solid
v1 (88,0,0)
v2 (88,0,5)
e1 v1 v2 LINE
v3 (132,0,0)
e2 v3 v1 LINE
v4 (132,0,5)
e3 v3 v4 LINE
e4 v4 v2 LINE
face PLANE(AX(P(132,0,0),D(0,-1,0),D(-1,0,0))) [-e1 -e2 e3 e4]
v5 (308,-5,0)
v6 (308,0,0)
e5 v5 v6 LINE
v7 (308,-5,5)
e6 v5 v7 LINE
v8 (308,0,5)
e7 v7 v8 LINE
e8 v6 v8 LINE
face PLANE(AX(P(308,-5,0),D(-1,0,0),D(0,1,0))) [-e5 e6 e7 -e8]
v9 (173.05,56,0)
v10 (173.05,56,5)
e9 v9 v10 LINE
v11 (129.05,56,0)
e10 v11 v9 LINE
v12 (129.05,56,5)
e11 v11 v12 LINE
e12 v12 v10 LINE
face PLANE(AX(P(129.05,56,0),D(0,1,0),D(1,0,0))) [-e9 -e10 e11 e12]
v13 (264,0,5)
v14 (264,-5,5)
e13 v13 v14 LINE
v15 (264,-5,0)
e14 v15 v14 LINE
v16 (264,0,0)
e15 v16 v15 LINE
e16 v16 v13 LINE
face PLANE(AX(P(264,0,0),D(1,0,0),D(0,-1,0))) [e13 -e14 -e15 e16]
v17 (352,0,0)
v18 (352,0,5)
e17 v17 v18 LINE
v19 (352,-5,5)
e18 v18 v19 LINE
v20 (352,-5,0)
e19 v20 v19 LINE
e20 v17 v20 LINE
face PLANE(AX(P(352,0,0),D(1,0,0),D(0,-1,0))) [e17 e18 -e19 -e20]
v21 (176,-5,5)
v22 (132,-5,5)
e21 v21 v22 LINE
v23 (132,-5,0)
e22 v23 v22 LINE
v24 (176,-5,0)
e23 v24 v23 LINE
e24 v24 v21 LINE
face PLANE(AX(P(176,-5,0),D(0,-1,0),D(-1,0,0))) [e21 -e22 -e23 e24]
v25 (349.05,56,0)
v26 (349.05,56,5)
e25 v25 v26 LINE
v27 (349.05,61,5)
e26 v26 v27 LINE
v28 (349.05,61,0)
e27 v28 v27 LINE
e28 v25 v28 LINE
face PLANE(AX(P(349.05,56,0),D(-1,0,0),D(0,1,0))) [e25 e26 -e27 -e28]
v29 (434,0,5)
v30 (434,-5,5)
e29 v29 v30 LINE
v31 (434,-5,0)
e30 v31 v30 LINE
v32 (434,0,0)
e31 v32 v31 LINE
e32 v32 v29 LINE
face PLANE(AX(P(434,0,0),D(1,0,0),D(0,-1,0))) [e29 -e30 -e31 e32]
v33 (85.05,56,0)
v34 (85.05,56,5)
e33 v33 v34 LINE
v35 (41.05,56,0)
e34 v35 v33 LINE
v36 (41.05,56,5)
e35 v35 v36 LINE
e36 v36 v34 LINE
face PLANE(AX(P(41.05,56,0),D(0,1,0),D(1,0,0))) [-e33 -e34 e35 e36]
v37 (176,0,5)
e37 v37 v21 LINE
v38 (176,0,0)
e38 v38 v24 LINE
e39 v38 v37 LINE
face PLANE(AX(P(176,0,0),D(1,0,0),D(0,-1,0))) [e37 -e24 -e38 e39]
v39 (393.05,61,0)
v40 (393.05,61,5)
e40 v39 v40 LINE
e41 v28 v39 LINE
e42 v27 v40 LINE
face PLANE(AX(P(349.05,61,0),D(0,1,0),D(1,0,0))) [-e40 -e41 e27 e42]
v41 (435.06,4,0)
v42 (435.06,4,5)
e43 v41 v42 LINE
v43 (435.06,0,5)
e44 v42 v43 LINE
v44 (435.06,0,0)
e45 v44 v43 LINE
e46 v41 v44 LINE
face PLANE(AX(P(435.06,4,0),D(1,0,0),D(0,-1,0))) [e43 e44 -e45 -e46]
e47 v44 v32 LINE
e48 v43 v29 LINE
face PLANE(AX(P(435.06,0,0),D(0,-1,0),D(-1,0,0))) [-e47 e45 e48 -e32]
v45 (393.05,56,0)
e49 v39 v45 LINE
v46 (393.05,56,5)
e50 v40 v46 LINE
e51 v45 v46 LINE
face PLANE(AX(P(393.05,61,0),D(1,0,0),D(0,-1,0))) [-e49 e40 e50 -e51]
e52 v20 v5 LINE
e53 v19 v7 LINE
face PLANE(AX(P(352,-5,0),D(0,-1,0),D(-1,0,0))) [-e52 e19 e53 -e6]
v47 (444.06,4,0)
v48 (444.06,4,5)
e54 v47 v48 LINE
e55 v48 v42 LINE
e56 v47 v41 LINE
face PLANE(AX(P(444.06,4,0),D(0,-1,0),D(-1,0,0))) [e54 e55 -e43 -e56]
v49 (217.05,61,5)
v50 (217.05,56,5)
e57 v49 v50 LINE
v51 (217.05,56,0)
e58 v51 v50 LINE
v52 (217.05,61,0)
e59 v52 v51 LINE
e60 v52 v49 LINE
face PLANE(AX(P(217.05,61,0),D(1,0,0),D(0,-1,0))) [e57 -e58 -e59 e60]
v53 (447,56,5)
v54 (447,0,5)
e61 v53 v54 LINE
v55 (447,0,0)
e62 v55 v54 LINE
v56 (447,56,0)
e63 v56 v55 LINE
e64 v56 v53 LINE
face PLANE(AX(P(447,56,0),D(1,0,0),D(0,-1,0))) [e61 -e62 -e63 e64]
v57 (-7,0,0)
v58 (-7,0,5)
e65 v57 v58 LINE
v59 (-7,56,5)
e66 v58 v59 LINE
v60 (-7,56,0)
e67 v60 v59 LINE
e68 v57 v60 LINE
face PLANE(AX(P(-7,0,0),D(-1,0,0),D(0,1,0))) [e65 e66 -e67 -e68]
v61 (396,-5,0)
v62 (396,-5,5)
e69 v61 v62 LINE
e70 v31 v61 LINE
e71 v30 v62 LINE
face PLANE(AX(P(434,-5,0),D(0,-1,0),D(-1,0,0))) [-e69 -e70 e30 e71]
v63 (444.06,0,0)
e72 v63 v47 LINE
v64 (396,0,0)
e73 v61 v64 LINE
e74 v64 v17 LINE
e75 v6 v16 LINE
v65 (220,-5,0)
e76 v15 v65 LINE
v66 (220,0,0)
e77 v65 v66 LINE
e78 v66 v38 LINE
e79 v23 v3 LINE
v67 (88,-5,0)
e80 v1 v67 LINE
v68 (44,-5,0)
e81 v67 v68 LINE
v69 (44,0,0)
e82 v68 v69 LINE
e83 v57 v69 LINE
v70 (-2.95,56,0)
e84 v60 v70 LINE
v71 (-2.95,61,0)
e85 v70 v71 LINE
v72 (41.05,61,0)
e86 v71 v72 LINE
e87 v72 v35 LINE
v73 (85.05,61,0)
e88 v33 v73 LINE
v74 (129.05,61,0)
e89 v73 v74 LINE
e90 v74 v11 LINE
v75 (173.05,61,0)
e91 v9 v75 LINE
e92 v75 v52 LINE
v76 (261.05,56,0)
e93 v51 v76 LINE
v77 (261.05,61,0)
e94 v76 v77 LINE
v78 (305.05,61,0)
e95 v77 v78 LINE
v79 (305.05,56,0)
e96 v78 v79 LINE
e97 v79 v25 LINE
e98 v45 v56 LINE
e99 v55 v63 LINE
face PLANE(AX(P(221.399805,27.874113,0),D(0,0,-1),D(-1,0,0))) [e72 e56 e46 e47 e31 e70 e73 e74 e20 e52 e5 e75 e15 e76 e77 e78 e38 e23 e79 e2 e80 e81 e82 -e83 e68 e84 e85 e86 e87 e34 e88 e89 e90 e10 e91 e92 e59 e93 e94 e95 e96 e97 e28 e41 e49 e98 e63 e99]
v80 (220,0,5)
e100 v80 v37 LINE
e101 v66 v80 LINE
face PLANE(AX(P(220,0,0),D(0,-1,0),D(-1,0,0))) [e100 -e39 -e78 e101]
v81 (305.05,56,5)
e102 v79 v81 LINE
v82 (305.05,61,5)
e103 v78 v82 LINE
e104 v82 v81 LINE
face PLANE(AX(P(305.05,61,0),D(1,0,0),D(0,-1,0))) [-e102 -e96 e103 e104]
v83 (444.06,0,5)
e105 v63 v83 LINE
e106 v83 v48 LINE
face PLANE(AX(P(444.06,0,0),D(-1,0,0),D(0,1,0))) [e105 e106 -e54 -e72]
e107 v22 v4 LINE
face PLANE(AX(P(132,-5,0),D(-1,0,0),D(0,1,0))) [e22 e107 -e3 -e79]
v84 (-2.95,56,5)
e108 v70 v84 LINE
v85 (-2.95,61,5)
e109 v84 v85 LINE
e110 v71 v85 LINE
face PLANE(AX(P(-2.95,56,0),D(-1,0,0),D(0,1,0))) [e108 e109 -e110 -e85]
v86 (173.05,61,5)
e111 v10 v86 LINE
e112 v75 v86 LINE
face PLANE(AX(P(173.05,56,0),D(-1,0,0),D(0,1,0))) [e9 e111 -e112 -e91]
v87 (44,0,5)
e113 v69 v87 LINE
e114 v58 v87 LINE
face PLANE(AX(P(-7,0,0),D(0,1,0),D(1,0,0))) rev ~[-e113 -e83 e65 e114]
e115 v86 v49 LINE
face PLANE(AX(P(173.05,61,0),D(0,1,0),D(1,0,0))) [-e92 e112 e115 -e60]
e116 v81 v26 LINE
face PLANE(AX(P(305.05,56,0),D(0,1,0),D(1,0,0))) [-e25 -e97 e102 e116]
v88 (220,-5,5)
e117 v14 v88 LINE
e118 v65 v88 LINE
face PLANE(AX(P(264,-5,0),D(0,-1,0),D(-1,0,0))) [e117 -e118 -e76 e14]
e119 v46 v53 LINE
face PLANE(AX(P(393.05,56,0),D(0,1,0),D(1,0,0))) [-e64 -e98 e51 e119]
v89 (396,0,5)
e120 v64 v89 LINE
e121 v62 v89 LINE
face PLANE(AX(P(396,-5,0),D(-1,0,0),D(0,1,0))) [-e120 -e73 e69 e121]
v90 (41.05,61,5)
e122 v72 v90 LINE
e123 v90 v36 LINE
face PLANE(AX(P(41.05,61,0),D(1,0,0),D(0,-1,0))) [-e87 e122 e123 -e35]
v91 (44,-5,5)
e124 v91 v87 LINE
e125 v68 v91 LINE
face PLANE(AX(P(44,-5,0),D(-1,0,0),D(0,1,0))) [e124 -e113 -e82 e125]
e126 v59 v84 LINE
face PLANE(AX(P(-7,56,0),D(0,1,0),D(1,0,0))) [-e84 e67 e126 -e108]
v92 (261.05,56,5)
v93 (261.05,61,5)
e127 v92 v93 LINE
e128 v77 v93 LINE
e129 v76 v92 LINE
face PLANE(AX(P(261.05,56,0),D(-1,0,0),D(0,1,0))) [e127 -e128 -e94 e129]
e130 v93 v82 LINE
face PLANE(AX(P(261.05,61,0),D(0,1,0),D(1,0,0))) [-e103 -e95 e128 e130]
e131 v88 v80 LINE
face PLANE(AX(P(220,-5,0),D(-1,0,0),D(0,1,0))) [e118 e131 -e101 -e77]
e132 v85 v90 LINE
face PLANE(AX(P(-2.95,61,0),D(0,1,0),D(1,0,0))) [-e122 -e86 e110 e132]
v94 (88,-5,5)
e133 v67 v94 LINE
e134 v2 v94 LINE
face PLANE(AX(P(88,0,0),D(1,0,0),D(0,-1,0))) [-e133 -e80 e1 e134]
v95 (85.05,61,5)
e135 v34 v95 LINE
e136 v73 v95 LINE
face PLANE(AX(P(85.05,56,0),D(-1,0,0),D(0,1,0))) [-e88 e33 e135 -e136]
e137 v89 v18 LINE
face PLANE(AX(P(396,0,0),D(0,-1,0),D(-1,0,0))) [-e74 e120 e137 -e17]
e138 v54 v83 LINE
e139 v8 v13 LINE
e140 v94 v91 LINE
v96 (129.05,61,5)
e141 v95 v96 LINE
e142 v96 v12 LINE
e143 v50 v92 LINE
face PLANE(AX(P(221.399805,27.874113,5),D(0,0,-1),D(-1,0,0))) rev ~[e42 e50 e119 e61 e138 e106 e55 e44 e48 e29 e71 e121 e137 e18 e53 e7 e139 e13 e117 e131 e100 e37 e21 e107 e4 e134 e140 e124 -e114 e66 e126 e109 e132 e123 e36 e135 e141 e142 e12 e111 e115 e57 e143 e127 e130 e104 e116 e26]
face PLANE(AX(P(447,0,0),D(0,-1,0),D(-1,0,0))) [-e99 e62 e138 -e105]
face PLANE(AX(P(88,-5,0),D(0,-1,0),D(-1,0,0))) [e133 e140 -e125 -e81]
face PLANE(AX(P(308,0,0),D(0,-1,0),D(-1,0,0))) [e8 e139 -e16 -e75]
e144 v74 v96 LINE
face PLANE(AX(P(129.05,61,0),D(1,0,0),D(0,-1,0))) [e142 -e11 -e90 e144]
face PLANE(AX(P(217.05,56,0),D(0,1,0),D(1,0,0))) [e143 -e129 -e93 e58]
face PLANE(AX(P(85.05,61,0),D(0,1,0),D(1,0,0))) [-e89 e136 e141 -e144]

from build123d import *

# Parameters (mm, degrees)
BOSS_EXTRUDE1_DEPTH = 5


with BuildPart() as part:
    # Sketch1 → Boss-Extrude1 (new body)
    with BuildSketch(Plane.XY):
        Polygon((305.05, 56), (349.05, 56), (349.05, 61), (393.05, 61), (393.05, 56), (447, 56), (447, 0), (444.06, 0), (444.06, 4), (435.06, 4), (435.06, 0), (434, 0), (434, -5), (396, -5), (396, 0), (352, 0), (352, -5), (308, -5), (308, 0), (264, 0), (264, -5), (220, -5), (220, 0), (176, 0), (176, -5), (132, -5), (132, 0), (88, 0), (88, -5), (44, -5), (44, 0), (0, 0), (-7, 0), (-7, 56), (-2.95, 56), (-2.95, 61), (41.05, 61), (41.05, 56), (85.05, 56), (85.05, 61), (129.05, 61), (129.05, 56), (173.05, 56), (173.05, 61), (217.05, 61), (217.05, 56), (261.05, 56), (261.05, 61), (305.05, 61), align=None)
    extrude(amount=BOSS_EXTRUDE1_DEPTH)


solid = part.part
